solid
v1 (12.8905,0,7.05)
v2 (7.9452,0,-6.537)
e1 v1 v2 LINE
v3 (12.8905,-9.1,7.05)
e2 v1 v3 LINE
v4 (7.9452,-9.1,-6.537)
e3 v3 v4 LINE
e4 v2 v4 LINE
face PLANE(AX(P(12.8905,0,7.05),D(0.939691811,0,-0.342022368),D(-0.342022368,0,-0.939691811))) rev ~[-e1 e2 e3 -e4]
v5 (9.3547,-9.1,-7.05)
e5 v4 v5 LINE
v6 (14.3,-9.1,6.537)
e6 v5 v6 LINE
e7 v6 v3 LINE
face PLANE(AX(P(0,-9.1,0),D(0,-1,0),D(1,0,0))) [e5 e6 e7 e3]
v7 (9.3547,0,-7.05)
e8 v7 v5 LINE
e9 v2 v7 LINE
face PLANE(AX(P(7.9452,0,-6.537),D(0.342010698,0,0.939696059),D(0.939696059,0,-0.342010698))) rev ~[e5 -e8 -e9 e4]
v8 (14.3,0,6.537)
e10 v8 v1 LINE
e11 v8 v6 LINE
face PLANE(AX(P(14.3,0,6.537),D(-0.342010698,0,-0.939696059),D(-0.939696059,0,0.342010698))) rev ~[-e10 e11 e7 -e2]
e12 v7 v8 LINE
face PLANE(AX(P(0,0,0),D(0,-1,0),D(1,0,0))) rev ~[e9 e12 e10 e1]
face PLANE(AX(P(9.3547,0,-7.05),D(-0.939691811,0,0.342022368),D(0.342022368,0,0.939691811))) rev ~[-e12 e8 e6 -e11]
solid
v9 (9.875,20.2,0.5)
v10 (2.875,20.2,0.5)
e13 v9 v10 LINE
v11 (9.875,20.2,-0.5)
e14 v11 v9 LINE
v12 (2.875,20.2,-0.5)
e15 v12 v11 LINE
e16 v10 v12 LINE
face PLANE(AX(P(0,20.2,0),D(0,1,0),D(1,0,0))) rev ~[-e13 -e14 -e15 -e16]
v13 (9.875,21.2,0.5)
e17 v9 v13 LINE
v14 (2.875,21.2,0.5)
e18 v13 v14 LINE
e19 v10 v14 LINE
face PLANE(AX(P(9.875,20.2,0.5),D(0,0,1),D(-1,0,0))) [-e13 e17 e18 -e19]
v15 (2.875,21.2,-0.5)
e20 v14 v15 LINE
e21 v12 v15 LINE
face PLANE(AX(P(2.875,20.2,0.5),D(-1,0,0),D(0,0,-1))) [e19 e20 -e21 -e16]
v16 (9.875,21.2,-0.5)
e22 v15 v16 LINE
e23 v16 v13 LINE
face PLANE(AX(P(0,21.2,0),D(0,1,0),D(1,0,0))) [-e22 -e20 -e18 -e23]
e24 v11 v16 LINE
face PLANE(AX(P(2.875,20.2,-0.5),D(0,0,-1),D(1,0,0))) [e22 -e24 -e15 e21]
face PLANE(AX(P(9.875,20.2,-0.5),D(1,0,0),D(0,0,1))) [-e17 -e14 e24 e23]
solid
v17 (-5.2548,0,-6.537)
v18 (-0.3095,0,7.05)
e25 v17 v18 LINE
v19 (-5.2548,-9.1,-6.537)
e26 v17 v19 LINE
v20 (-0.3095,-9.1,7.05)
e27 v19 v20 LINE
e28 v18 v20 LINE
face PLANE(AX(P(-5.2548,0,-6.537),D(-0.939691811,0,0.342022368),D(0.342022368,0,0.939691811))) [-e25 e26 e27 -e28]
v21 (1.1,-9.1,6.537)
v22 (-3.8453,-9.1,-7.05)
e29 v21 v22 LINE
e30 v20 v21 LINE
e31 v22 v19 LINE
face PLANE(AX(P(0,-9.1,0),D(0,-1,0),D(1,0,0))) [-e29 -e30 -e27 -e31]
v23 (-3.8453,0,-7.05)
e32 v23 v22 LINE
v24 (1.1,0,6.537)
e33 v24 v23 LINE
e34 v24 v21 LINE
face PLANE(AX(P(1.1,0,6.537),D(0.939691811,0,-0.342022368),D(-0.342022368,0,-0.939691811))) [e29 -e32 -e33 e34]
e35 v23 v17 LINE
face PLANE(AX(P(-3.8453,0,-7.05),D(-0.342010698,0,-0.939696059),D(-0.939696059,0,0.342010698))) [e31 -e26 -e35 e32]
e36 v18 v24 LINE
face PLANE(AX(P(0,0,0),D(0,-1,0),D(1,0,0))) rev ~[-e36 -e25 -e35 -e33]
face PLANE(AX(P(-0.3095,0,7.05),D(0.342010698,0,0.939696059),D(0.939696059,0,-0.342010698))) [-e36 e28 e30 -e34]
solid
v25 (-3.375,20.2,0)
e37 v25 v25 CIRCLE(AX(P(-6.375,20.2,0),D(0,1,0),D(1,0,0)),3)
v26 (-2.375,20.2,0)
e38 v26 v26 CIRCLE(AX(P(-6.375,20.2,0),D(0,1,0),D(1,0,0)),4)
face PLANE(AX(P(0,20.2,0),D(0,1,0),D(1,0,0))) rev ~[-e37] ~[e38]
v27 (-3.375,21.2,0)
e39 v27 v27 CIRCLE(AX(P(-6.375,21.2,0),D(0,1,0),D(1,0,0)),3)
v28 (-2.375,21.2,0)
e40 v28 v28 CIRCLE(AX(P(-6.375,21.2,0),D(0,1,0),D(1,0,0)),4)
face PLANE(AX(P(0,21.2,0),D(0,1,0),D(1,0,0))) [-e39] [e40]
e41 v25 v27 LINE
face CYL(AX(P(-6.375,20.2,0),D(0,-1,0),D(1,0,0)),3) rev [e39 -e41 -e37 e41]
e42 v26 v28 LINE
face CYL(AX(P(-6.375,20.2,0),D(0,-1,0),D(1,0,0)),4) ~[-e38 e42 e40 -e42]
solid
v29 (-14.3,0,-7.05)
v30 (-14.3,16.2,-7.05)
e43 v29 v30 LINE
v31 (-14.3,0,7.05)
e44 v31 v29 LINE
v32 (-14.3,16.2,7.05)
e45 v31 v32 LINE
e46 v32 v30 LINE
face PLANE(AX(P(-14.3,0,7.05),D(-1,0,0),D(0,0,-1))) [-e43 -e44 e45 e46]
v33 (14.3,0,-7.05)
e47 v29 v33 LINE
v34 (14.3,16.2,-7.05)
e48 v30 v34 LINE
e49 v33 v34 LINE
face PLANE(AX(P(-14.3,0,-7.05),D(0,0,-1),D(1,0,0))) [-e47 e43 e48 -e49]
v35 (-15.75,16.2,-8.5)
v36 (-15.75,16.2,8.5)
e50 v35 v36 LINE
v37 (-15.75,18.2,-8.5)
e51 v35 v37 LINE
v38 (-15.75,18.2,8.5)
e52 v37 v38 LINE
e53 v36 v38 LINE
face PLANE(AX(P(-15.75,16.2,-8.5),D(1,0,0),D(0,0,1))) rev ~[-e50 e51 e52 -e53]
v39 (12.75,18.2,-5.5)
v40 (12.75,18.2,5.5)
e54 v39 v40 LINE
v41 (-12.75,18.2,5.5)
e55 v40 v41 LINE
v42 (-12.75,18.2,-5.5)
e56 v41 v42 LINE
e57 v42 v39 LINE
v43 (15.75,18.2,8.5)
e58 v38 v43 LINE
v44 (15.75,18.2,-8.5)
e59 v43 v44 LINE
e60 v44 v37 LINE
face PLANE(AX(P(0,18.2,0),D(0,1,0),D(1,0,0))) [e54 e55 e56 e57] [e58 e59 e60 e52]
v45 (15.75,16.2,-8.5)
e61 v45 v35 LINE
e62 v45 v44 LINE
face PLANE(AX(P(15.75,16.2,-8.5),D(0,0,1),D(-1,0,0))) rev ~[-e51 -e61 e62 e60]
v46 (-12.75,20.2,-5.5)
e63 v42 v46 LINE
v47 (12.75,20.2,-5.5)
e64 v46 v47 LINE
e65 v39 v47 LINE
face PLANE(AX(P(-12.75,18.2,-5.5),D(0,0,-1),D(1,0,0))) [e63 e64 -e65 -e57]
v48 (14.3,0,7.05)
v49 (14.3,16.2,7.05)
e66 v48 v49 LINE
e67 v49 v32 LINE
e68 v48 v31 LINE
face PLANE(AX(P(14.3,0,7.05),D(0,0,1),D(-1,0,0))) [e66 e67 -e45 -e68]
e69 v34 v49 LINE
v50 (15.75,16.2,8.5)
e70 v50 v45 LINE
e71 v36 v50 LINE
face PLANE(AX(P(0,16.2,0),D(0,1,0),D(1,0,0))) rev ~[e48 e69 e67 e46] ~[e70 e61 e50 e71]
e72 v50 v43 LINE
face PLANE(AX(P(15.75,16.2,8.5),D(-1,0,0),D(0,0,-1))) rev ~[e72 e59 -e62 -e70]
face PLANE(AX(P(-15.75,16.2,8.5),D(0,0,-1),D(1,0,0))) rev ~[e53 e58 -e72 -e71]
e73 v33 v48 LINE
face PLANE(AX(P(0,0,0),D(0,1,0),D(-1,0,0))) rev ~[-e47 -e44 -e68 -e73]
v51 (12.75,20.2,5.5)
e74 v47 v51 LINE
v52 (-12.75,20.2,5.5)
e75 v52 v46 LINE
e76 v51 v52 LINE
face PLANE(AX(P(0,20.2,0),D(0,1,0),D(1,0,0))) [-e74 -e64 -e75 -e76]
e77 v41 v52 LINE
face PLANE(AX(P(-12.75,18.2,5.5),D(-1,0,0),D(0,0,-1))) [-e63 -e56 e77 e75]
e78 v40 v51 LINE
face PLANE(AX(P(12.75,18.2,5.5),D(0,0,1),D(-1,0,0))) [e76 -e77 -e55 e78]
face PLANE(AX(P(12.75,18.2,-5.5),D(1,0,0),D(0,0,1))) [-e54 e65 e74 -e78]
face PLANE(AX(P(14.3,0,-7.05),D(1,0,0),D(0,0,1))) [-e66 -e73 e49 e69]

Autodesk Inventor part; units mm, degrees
ref_plane "YZ Plane" through (0, 0, 0) normal (1, 0, 0) x (0, 1, 0)
ref_plane "XZ Plane" through (0, 0, 0) normal (0, 1, 0) x (-1, 0, 0)
ref_plane "XY Plane" through (0, 0, 0) normal (0, 0, 1) x (1, 0, 0)
sketch "Sketch1" plane through (0, 0, 0) normal (0, 1, 0) x (-1, 0, 0)
  line L0 (-14.3, 7.05) -> (14.3, 7.05)
  line L1 (14.3, 7.05) -> (14.3, -7.05)
  line L2 (14.3, -7.05) -> (-14.3, -7.05)
  line L3 (-14.3, -7.05) -> (-14.3, 7.05)
  line L4 (-14.3, 7.05) -> (14.3, -7.05) construction
  line L5 (14.3, 7.05) -> (-14.3, -7.05) construction
  point P0 (0, 0)
  dimension "d0" = 28.6
  dimension "d1" = 14.1
extrude "Extrusion1" add sketch "Sketch1" along normal blind 16.2
sketch "Sketch2" plane through (0, 0, 0) normal (0, -1, 0) x (1, 0, 0)
  line L0 (9.3547, -7.05) -> (14.3, 6.537)
  line L1 (14.3, 6.537) -> (12.8905, 7.05)
  line L2 (12.8905, 7.05) -> (7.9452, -6.537)
  line L3 (7.9452, -6.537) -> (9.3547, -7.05)
  line L4 (9.3547, -7.05) -> (12.8905, 7.05) construction
  line L5 (14.3, 6.537) -> (7.9452, -6.537) construction
  line L6 (-14.3, -7.05) -> (-14.3, 7.05) construction
  line L7 (-14.3, 0) -> (14.3, 0) construction
  line L8 (14.3, 7.05) -> (14.3, -7.05) construction
  line L9 (14.3, 7.05) -> (-14.3, 7.05) construction
  line L10 (-14.3, -7.05) -> (14.3, -7.05) construction
  line L11 (14.3, -7.05) -> (14.3, 7.05) construction
  line L12 (-5.2548, -6.537) -> (-0.3095, 7.05)
  line L13 (-0.3095, 7.05) -> (1.1, 6.537)
  line L14 (1.1, 6.537) -> (-3.8453, -7.05)
  line L15 (-3.8453, -7.05) -> (-5.2548, -6.537)
  line L16 (-5.2548, -6.537) -> (1.1, 6.537) construction
  line L17 (-0.3095, 7.05) -> (-3.8453, -7.05) construction
  point P0 (0, 0)
  point P1 (11.1226, 0)
  point P2 (-2.0774, 0)
  dimension "d5" = 1.5
  dimension "d6" = 70
  dimension "d7" = 1.5
  dimension "d8" = 13.2
extrude "Extrusion2" add sketch "Sketch2" along normal blind 9.1 separate body
sketch "Sketch3" plane through (0, 16.2, 0) normal (0, 1, 0) x (1, 0, 0)
  line L0 (-15.75, -8.5) -> (15.75, -8.5)
  line L1 (15.75, -8.5) -> (15.75, 8.5)
  line L2 (15.75, 8.5) -> (-15.75, 8.5)
  line L3 (-15.75, 8.5) -> (-15.75, -8.5)
  line L4 (-15.75, -8.5) -> (15.75, 8.5) construction
  line L5 (15.75, -8.5) -> (-15.75, 8.5) construction
  point P0 (0, 0)
  dimension "d11" = 17
  dimension "d12" = 31.5
extrude "Extrusion3" add sketch "Sketch3" along normal blind 2 bodies 1
sketch "Sketch4" plane through (0, 18.2, 0) normal (0, 1, 0) x (1, 0, 0)
  line L0 (12.75, -5.5) -> (-12.75, -5.5)
  line L1 (-12.75, -5.5) -> (-12.75, 5.5)
  line L2 (-12.75, 5.5) -> (12.75, 5.5)
  line L3 (12.75, 5.5) -> (12.75, -5.5)
  line L4 (12.75, -5.5) -> (-12.75, 5.5) construction
  line L5 (-12.75, -5.5) -> (12.75, 5.5) construction
  line L6 (-15.75, 8.5) -> (-15.75, -8.5) projected
  line L7 (-15.75, -8.5) -> (15.75, -8.5) projected
  point P0 (0, 0)
  dimension "d15" = 3
  dimension "d16" = 3
extrude "Extrusion4" add sketch "Sketch4" along normal blind 2 bodies 1
sketch "Sketch5" plane through (0, 20.2, 0) normal (0, 1, 0) x (1, 0, 0)
  line L0 (-12.75, 5.5) -> (-12.75, -5.5) construction
  line L1 (-12.75, 0) -> (0, 0) construction
  line L2 (0, 0) -> (12.75, 0) construction
  line L3 (12.75, 5.5) -> (12.75, -5.5) construction
  circle A0 centre (-6.375, 0) radius 3
  circle A1 centre (-6.375, 0) radius 4
  line L4 (9.875, -0.5) -> (2.875, -0.5)
  line L5 (2.875, -0.5) -> (2.875, 0.5)
  line L6 (2.875, 0.5) -> (9.875, 0.5)
  line L7 (9.875, 0.5) -> (9.875, -0.5)
  line L8 (9.875, -0.5) -> (2.875, 0.5) construction
  line L9 (2.875, -0.5) -> (9.875, 0.5) construction
  point P0 (6.375, 0)
  dimension "d19" = 1
  dimension "d20" = 6
  dimension "d21" = 1
  dimension "d22" = 7
extrude "Extrusion5" add sketch "Sketch5" along normal blind 1 separate body
ref_plane "Work Plane1" through (0, 0, 7.05) normal (1, 0, 0) x (0, 0, -1)
properties part number "Switch"
